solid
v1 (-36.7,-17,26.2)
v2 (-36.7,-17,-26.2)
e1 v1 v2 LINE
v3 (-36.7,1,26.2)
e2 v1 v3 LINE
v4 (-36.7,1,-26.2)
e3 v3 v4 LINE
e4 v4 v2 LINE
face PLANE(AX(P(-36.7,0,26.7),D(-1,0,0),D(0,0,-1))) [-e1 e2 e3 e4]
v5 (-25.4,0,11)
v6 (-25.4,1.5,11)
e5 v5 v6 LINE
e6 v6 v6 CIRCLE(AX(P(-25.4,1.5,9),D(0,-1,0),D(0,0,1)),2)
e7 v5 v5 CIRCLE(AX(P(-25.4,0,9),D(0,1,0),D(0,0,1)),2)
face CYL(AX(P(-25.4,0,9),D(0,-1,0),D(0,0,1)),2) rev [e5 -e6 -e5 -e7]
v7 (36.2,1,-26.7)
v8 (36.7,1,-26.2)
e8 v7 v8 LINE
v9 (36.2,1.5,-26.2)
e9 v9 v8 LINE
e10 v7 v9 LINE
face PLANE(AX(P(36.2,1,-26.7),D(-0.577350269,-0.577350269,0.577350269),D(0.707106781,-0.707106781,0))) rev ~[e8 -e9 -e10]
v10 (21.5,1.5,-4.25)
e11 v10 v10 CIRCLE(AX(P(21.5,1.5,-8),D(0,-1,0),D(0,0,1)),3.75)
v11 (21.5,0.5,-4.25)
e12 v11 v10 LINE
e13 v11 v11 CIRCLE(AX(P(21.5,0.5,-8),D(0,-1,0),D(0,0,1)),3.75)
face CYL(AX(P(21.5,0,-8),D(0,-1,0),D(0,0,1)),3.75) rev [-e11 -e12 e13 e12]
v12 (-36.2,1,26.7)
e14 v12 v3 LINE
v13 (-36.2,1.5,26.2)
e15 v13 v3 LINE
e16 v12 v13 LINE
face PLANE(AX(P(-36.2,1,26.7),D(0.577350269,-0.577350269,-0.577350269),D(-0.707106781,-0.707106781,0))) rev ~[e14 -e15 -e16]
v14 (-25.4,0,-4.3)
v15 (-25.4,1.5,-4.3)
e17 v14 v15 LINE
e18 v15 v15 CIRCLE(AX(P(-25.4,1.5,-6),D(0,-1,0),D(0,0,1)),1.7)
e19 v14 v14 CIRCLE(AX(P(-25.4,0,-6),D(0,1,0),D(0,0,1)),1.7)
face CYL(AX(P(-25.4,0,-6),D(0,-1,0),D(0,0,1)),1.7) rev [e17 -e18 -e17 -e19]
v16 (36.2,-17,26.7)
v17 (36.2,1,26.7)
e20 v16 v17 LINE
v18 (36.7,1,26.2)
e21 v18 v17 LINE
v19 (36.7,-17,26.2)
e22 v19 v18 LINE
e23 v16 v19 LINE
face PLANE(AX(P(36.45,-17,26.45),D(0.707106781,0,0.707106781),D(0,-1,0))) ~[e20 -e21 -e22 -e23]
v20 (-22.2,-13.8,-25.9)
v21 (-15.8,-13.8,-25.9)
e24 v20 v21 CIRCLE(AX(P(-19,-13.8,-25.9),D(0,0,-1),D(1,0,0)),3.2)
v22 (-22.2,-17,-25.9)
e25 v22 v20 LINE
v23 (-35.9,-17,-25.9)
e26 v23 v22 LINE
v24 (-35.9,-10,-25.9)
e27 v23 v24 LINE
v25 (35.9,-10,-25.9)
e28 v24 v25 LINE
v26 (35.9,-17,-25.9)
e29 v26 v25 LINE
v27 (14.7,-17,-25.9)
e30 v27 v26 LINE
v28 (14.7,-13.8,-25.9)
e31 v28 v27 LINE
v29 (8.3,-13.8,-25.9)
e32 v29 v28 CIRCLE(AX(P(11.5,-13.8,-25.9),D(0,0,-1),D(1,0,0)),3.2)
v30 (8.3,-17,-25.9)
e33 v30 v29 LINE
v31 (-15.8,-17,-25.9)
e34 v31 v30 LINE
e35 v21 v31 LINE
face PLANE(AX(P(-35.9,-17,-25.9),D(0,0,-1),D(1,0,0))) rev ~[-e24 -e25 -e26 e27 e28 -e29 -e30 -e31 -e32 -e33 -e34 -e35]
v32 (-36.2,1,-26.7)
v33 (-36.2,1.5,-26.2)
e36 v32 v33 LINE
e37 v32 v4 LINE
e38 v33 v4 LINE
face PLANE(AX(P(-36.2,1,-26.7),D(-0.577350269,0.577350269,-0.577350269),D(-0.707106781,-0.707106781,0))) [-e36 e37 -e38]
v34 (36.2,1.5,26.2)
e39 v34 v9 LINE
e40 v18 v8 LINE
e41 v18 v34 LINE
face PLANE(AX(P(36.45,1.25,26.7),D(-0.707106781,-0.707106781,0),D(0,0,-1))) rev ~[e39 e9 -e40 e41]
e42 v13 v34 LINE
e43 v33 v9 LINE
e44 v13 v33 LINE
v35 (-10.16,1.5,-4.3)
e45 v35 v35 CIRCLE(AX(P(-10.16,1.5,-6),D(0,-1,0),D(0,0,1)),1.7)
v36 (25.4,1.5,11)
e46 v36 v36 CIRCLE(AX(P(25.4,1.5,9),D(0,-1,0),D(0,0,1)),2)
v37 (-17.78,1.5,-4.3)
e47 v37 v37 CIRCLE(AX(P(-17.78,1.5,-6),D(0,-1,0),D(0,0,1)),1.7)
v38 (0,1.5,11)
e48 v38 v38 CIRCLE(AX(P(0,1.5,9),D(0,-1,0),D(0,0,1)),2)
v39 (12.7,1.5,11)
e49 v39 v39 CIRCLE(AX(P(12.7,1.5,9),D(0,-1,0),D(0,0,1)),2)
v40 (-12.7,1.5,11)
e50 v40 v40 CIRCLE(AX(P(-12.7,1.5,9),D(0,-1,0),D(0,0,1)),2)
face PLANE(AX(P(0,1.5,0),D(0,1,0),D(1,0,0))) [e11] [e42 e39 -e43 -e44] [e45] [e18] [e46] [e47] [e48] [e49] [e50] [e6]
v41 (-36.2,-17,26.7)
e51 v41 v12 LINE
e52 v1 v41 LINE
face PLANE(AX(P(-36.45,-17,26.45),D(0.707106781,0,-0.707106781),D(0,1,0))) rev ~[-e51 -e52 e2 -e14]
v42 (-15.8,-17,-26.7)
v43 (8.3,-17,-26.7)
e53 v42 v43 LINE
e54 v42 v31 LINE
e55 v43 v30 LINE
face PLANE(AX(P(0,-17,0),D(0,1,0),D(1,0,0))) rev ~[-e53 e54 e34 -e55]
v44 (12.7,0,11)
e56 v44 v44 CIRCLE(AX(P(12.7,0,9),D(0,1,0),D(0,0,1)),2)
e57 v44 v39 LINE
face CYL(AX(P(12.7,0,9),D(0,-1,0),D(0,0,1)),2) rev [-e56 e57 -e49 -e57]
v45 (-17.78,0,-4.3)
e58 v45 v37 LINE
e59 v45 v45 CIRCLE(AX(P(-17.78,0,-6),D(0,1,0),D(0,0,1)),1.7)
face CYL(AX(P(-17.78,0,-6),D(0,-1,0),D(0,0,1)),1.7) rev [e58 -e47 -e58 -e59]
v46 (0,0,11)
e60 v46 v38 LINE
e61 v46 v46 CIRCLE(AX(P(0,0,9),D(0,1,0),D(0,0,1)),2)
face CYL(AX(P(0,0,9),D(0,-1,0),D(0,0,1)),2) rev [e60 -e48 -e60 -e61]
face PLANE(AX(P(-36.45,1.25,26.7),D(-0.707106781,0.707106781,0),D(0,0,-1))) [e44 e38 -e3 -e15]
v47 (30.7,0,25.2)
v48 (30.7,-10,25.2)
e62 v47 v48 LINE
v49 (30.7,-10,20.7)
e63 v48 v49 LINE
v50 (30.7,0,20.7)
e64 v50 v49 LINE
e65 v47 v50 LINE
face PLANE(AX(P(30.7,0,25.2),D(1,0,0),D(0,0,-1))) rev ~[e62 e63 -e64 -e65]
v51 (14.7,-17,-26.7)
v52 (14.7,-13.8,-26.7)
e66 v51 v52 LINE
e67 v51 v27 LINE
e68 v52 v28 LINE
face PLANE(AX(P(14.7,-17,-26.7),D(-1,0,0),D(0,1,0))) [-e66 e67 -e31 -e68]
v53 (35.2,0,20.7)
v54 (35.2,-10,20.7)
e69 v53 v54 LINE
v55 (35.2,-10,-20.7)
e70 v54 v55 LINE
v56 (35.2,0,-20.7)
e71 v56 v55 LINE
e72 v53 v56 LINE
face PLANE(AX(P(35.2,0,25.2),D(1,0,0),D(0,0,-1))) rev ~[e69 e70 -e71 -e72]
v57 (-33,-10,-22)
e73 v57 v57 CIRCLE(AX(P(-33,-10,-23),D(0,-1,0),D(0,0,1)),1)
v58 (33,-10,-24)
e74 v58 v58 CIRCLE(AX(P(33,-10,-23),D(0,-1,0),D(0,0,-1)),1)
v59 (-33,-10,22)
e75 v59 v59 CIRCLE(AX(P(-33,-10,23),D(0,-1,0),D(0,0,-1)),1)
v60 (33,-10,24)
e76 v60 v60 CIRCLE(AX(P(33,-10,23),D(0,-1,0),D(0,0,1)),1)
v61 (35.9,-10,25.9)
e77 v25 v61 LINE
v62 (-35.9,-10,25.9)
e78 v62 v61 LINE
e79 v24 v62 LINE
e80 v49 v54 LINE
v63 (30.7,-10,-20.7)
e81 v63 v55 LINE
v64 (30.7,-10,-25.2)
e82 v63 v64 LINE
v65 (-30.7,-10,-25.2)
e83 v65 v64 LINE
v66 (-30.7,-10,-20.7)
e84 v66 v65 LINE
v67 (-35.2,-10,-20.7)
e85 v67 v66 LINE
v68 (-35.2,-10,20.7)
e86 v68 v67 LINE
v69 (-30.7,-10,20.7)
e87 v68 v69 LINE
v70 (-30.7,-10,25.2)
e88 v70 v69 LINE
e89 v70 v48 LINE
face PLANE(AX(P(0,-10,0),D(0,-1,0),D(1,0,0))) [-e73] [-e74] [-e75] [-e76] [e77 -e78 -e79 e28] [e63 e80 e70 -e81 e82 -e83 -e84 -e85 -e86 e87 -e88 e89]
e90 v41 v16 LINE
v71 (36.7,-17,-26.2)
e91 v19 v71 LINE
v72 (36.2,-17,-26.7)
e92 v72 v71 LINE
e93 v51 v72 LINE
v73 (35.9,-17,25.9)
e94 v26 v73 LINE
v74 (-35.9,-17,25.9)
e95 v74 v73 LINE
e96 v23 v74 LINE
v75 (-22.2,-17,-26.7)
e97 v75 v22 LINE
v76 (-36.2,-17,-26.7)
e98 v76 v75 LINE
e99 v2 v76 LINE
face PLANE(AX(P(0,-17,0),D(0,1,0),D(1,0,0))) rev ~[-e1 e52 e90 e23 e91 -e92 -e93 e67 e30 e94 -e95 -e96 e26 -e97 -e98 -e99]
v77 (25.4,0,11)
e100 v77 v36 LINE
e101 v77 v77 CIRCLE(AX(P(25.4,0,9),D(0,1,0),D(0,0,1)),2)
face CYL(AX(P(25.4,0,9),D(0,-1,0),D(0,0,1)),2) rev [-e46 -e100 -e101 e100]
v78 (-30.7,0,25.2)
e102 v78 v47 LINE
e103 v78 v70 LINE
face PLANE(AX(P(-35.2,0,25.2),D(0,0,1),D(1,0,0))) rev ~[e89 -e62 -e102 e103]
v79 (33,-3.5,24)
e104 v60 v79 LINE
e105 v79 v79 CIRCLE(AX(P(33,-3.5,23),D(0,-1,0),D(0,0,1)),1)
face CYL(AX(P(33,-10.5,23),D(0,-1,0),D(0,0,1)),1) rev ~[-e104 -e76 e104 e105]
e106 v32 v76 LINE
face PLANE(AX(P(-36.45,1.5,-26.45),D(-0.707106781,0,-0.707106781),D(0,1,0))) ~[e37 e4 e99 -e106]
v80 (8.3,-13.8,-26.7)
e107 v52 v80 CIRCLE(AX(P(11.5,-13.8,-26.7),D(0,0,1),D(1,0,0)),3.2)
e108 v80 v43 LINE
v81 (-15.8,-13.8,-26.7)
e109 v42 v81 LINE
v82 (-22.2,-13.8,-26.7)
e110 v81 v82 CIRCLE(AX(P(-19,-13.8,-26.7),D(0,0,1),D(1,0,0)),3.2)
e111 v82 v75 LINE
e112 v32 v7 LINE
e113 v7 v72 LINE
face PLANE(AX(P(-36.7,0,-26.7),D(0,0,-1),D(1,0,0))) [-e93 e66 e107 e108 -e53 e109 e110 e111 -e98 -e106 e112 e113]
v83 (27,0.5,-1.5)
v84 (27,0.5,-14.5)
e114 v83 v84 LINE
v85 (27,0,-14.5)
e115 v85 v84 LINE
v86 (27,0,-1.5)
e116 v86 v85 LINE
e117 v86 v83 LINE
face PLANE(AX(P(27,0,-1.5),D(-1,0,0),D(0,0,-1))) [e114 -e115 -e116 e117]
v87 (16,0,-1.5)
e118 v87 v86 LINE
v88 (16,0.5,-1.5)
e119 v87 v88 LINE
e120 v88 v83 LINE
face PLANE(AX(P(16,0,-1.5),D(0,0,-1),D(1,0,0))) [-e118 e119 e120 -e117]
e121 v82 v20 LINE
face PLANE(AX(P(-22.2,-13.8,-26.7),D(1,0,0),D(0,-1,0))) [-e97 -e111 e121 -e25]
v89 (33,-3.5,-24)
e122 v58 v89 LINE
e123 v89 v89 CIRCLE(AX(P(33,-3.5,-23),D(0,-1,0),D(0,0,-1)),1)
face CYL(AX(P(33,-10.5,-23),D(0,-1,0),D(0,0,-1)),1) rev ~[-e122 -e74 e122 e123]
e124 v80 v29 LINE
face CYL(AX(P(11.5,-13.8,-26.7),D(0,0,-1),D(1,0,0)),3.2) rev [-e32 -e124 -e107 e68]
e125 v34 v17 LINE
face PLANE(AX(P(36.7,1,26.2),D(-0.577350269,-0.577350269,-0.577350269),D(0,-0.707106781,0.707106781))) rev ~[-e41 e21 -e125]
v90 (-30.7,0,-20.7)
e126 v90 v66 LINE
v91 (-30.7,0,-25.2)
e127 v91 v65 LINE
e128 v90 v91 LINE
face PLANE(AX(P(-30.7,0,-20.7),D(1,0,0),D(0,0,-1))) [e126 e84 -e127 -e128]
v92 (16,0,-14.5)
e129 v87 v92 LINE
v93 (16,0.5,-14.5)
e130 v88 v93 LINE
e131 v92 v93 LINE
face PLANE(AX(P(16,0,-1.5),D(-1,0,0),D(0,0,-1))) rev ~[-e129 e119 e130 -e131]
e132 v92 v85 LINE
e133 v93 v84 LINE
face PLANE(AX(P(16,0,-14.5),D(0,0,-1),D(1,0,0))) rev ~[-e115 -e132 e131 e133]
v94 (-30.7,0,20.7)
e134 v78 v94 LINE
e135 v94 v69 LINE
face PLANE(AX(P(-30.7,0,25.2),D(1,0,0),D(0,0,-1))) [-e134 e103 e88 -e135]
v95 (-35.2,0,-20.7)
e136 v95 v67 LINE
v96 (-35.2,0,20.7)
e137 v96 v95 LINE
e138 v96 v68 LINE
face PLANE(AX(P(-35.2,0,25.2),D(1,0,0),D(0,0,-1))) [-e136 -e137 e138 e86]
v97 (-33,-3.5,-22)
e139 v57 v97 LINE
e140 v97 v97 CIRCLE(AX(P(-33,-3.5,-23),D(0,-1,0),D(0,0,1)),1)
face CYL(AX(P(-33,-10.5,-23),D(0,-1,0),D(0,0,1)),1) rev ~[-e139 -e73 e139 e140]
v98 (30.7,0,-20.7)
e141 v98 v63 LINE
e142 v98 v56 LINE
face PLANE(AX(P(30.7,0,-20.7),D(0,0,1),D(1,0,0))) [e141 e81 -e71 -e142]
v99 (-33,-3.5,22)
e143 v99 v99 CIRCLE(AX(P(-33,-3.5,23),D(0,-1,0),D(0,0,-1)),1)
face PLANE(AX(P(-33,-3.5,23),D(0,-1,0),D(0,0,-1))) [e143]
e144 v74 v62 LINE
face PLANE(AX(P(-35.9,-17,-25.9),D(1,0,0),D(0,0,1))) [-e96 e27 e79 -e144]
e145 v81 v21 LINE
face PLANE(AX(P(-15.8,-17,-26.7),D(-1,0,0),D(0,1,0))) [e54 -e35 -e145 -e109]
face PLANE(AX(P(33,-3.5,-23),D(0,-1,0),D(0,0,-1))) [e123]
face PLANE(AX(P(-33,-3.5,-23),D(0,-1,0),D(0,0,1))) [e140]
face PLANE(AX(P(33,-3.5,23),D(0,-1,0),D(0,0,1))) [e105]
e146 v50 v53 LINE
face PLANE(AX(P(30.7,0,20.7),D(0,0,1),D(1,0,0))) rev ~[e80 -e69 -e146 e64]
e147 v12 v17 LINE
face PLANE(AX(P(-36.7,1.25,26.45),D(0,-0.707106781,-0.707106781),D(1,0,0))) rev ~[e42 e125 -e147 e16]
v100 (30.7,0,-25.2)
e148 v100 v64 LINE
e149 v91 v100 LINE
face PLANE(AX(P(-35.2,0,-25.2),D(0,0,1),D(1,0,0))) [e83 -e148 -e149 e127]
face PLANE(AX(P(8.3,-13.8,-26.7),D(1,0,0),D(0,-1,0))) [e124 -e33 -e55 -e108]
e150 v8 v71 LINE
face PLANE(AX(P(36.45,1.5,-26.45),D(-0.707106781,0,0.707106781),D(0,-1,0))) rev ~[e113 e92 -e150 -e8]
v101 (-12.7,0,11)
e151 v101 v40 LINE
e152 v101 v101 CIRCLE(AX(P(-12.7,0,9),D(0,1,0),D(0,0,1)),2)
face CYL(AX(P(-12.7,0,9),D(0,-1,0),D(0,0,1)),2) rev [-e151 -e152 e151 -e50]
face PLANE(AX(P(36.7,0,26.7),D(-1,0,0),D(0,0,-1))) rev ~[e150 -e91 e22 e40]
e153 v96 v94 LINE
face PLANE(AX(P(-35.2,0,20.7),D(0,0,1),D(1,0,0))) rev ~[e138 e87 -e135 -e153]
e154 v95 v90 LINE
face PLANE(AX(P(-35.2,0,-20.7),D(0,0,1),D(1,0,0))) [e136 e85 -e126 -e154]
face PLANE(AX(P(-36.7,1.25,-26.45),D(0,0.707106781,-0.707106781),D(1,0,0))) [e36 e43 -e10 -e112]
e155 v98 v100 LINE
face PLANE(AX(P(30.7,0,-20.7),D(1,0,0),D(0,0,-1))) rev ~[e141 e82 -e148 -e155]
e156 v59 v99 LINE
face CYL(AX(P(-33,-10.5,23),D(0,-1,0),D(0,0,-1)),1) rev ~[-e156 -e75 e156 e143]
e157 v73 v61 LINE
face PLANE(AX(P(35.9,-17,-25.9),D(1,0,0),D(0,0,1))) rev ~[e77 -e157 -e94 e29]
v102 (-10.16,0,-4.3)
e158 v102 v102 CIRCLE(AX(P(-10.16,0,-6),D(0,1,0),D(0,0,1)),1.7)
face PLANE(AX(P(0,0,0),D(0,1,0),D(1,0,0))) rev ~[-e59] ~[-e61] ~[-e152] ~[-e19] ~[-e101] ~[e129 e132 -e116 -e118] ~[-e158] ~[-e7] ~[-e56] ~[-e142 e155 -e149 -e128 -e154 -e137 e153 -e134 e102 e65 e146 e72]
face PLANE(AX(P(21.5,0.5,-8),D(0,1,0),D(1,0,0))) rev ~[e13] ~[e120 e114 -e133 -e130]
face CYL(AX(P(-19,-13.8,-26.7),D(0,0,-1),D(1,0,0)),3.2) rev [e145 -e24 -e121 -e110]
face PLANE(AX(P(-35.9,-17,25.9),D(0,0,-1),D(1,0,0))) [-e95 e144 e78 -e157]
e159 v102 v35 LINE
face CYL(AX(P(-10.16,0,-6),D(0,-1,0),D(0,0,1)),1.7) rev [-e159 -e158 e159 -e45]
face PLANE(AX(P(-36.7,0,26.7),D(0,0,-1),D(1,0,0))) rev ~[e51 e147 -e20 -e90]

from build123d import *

# Parameters (mm, degrees)
SKETCH_1_W          = 73.4
SKETCH_1_H          = 53.4
SKETCH_1_W_2        = 70.4
SKETCH_1_H_2        = 50.4
EXTRUDE_1_DEPTH     = 17
SKETCH_2_W          = 73.4
SKETCH_2_H          = 53.4
EXTRUDE_2_DEPTH     = 1.5
SKETCH_3_W          = 4.5
SKETCH_3_H          = 4.5
EXTRUDE_3_DEPTH     = 10.5
CUT_EXTRUDE_1_REACH = 50.464
SKETCH_4_R          = 2
SKETCH_4_R_2        = 1.7
SKETCH_4_R_3        = 3.75
SKETCH_5_R          = 1
CUT_EXTRUDE_2_DEPTH = 7
SKETCH_6_W          = 71.8
SKETCH_6_H          = 51.8
CUT_EXTRUDE_3_DEPTH = 7
CHAMFER_1_SIZE      = 0.5
CUT_EXTRUDE_4_REACH = 68.988
SKETCH_9_W          = 11
SKETCH_9_H          = 13
CUT_EXTRUDE_5_DEPTH = 0.5


with BuildPart() as part:
    # Эскиз1 → Бобышка-Вытянуть1 (new body)
    with BuildSketch(Plane(origin=(0, 0, 0), x_dir=(1, 0, 0), z_dir=(0, 1, 0))):
        Rectangle(SKETCH_1_W, SKETCH_1_H)
        Rectangle(SKETCH_1_W_2, SKETCH_1_H_2, mode=Mode.SUBTRACT)
    extrude(amount=-EXTRUDE_1_DEPTH)

    # Эскиз2 → Бобышка-Вытянуть2 (add)
    with BuildSketch(Plane(origin=(0, 0, 0), x_dir=(1, 0, 0), z_dir=(0, 1, 0))):
        Rectangle(SKETCH_2_W, SKETCH_2_H)
    extrude(amount=EXTRUDE_2_DEPTH)

    # Эскиз3 → Бобышка-Вытянуть3 (add)
    with BuildSketch(Plane(origin=(0, 0, 0), x_dir=(1, 0, 0), z_dir=(0, 1, 0))):
        with Locations((-32.95, 22.95)):
            Rectangle(SKETCH_3_W, SKETCH_3_H)
        with Locations((32.95, 22.95)):
            Rectangle(SKETCH_3_W, SKETCH_3_H)
        with Locations((-32.95, -22.95)):
            Rectangle(SKETCH_3_W, SKETCH_3_H)
        with Locations((32.95, -22.95)):
            Rectangle(SKETCH_3_W, SKETCH_3_H)
    extrude(amount=-EXTRUDE_3_DEPTH)

    # Эскиз4 → Вырез-Вытянуть1 (cut, up to next)
    with BuildSketch(Plane(origin=(0, 0, 0), x_dir=(1, 0, 0), z_dir=(0, 1, 0)), mode=Mode.PRIVATE) as cut_extrude_1_sk1:
        with Locations(Location((-25.4, -9, 0), (0, 0, 270))):
            Circle(SKETCH_4_R)
    cut_extrude_1_tool1 = extrude(cut_extrude_1_sk1.sketch, amount=CUT_EXTRUDE_1_REACH, mode=Mode.PRIVATE) & part.part
    # Эскиз4 → Вырез-Вытянуть1 (cut, up to next)
    with BuildSketch(Plane(origin=(0, 0, 0), x_dir=(1, 0, 0), z_dir=(0, 1, 0)), mode=Mode.PRIVATE) as cut_extrude_1_sk2:
        with Locations(Location((-12.7, -9, 0), (0, 0, 270))):
            Circle(SKETCH_4_R)
    cut_extrude_1_tool2 = extrude(cut_extrude_1_sk2.sketch, amount=CUT_EXTRUDE_1_REACH, mode=Mode.PRIVATE) & part.part
    # Эскиз4 → Вырез-Вытянуть1 (cut, up to next)
    with BuildSketch(Plane(origin=(0, 0, 0), x_dir=(1, 0, 0), z_dir=(0, 1, 0)), mode=Mode.PRIVATE) as cut_extrude_1_sk3:
        with Locations(Location((0, -9, 0), (0, 0, 270))):
            Circle(SKETCH_4_R)
    cut_extrude_1_tool3 = extrude(cut_extrude_1_sk3.sketch, amount=CUT_EXTRUDE_1_REACH, mode=Mode.PRIVATE) & part.part
    # Эскиз4 → Вырез-Вытянуть1 (cut, up to next)
    with BuildSketch(Plane(origin=(0, 0, 0), x_dir=(1, 0, 0), z_dir=(0, 1, 0)), mode=Mode.PRIVATE) as cut_extrude_1_sk4:
        with Locations(Location((12.7, -9, 0), (0, 0, 270))):
            Circle(SKETCH_4_R)
    cut_extrude_1_tool4 = extrude(cut_extrude_1_sk4.sketch, amount=CUT_EXTRUDE_1_REACH, mode=Mode.PRIVATE) & part.part
    # Эскиз4 → Вырез-Вытянуть1 (cut, up to next)
    with BuildSketch(Plane(origin=(0, 0, 0), x_dir=(1, 0, 0), z_dir=(0, 1, 0)), mode=Mode.PRIVATE) as cut_extrude_1_sk5:
        with Locations(Location((25.4, -9, 0), (0, 0, 270))):
            Circle(SKETCH_4_R)
    cut_extrude_1_tool5 = extrude(cut_extrude_1_sk5.sketch, amount=CUT_EXTRUDE_1_REACH, mode=Mode.PRIVATE) & part.part
    # Эскиз4 → Вырез-Вытянуть1 (cut, up to next)
    with BuildSketch(Plane(origin=(0, 0, 0), x_dir=(1, 0, 0), z_dir=(0, 1, 0)), mode=Mode.PRIVATE) as cut_extrude_1_sk6:
        with Locations(Location((-25.4, 6, 0), (0, 0, 270))):
            Circle(SKETCH_4_R_2)
    cut_extrude_1_tool6 = extrude(cut_extrude_1_sk6.sketch, amount=CUT_EXTRUDE_1_REACH, mode=Mode.PRIVATE) & part.part
    # Эскиз4 → Вырез-Вытянуть1 (cut, up to next)
    with BuildSketch(Plane(origin=(0, 0, 0), x_dir=(1, 0, 0), z_dir=(0, 1, 0)), mode=Mode.PRIVATE) as cut_extrude_1_sk7:
        with Locations(Location((-17.78, 6, 0), (0, 0, 270))):
            Circle(SKETCH_4_R_2)
    cut_extrude_1_tool7 = extrude(cut_extrude_1_sk7.sketch, amount=CUT_EXTRUDE_1_REACH, mode=Mode.PRIVATE) & part.part
    # Эскиз4 → Вырез-Вытянуть1 (cut, up to next)
    with BuildSketch(Plane(origin=(0, 0, 0), x_dir=(1, 0, 0), z_dir=(0, 1, 0)), mode=Mode.PRIVATE) as cut_extrude_1_sk8:
        with Locations(Location((-10.16, 6, 0), (0, 0, 270))):
            Circle(SKETCH_4_R_2)
    cut_extrude_1_tool8 = extrude(cut_extrude_1_sk8.sketch, amount=CUT_EXTRUDE_1_REACH, mode=Mode.PRIVATE) & part.part
    # Эскиз4 → Вырез-Вытянуть1 (cut, up to next)
    with BuildSketch(Plane(origin=(0, 0, 0), x_dir=(1, 0, 0), z_dir=(0, 1, 0)), mode=Mode.PRIVATE) as cut_extrude_1_sk9:
        with Locations(Location((21.5, 8, 0), (0, 0, 270))):
            Circle(SKETCH_4_R_3)
    cut_extrude_1_tool9 = extrude(cut_extrude_1_sk9.sketch, amount=CUT_EXTRUDE_1_REACH, mode=Mode.PRIVATE) & part.part
    add(cut_extrude_1_tool1.solids().sort_by_distance((-25.4, 0, 9))[0], mode=Mode.SUBTRACT)
    add(cut_extrude_1_tool2.solids().sort_by_distance((-12.7, 0, 9))[0], mode=Mode.SUBTRACT)
    add(cut_extrude_1_tool3.solids().sort_by_distance((0, 0, 9))[0], mode=Mode.SUBTRACT)
    add(cut_extrude_1_tool4.solids().sort_by_distance((12.7, 0, 9))[0], mode=Mode.SUBTRACT)
    add(cut_extrude_1_tool5.solids().sort_by_distance((25.4, 0, 9))[0], mode=Mode.SUBTRACT)
    add(cut_extrude_1_tool6.solids().sort_by_distance((-25.4, 0, -6))[0], mode=Mode.SUBTRACT)
    add(cut_extrude_1_tool7.solids().sort_by_distance((-17.78, 0, -6))[0], mode=Mode.SUBTRACT)
    add(cut_extrude_1_tool8.solids().sort_by_distance((-10.16, 0, -6))[0], mode=Mode.SUBTRACT)
    add(cut_extrude_1_tool9.solids().sort_by_distance((21.5, 0, -8))[0], mode=Mode.SUBTRACT)

    # Эскиз5 → Вырез-Вытянуть2 (cut)
    with BuildSketch(Plane.XZ.offset(10.5)):
        with Locations(Location((-33, 23, 0), (0, 0, 270))):
            Circle(SKETCH_5_R)
        with Locations(Location((33, 23, 0), (0, 0, 90))):
            Circle(SKETCH_5_R)
        with Locations(Location((33, -23, 0), (0, 0, 270))):
            Circle(SKETCH_5_R)
        with Locations(Location((-33, -23, 0), (0, 0, 90))):
            Circle(SKETCH_5_R)
    extrude(amount=-CUT_EXTRUDE_2_DEPTH, mode=Mode.SUBTRACT)

    # Эскиз6 → Вырез-Вытянуть3 (cut)
    with BuildSketch(Plane.XZ.offset(17)):
        Rectangle(SKETCH_6_W, SKETCH_6_H)
    extrude(amount=-CUT_EXTRUDE_3_DEPTH, mode=Mode.SUBTRACT)

    # Фаска1
    chamfer_1_edges = [part.edges().sort_by_distance(p)[0] for p in [
        (-36.7, 1.5, 0),
        (0, 1.5, 26.7),
        (36.7, 1.5, 0),
        (0, 1.5, -26.7),
        (-36.7, -7.75, -26.7),
        (36.7, -7.75, -26.7),
        (36.7, -7.75, 26.7),
        (-36.7, -7.75, 26.7),
    ]]
    chamfer(chamfer_1_edges, length=CHAMFER_1_SIZE)

    # Эскиз7 → Вырез-Вытянуть4 (cut, up to next)
    with BuildSketch(Plane(origin=(0, 0, -26.7), x_dir=(-1, 0, 0), z_dir=(0, 0, -1)), mode=Mode.PRIVATE) as cut_extrude_4_sk1:
        with BuildLine():
            Line((-8.3, -13.8), (-8.3, -17))
            Line((-8.3, -17), (-14.7, -17))
            Line((-14.7, -17), (-14.7, -13.8))
            ThreePointArc((-14.7, -13.8), (-11.5, -10.6), (-8.3, -13.8))
        make_face()
    cut_extrude_4_tool1 = extrude(cut_extrude_4_sk1.sketch, amount=-CUT_EXTRUDE_4_REACH, mode=Mode.PRIVATE) & part.part
    # Эскиз7 → Вырез-Вытянуть4 (cut, up to next)
    with BuildSketch(Plane(origin=(0, 0, -26.7), x_dir=(-1, 0, 0), z_dir=(0, 0, -1)), mode=Mode.PRIVATE) as cut_extrude_4_sk2:
        with BuildLine():
            Line((22.2, -13.8), (22.2, -17))
            Line((22.2, -17), (15.8, -17))
            Line((15.8, -17), (15.8, -13.8))
            ThreePointArc((15.8, -13.8), (19, -10.6), (22.2, -13.8))
        make_face()
    cut_extrude_4_tool2 = extrude(cut_extrude_4_sk2.sketch, amount=-CUT_EXTRUDE_4_REACH, mode=Mode.PRIVATE) & part.part
    add(cut_extrude_4_tool1.solids().sort_by_distance((11.5, -14.09872, -26.7))[0], mode=Mode.SUBTRACT)
    add(cut_extrude_4_tool2.solids().sort_by_distance((-19, -14.09872, -26.7))[0], mode=Mode.SUBTRACT)

    # Эскиз9 → Вырез-Вытянуть5 (cut)
    with BuildSketch(Plane(origin=(0, 0, 0), x_dir=(1, 0, 0), z_dir=(0, 1, 0))):
        with Locations((21.5, 8)):
            Rectangle(SKETCH_9_W, SKETCH_9_H)
    extrude(amount=CUT_EXTRUDE_5_DEPTH, mode=Mode.SUBTRACT)


solid = part.part
